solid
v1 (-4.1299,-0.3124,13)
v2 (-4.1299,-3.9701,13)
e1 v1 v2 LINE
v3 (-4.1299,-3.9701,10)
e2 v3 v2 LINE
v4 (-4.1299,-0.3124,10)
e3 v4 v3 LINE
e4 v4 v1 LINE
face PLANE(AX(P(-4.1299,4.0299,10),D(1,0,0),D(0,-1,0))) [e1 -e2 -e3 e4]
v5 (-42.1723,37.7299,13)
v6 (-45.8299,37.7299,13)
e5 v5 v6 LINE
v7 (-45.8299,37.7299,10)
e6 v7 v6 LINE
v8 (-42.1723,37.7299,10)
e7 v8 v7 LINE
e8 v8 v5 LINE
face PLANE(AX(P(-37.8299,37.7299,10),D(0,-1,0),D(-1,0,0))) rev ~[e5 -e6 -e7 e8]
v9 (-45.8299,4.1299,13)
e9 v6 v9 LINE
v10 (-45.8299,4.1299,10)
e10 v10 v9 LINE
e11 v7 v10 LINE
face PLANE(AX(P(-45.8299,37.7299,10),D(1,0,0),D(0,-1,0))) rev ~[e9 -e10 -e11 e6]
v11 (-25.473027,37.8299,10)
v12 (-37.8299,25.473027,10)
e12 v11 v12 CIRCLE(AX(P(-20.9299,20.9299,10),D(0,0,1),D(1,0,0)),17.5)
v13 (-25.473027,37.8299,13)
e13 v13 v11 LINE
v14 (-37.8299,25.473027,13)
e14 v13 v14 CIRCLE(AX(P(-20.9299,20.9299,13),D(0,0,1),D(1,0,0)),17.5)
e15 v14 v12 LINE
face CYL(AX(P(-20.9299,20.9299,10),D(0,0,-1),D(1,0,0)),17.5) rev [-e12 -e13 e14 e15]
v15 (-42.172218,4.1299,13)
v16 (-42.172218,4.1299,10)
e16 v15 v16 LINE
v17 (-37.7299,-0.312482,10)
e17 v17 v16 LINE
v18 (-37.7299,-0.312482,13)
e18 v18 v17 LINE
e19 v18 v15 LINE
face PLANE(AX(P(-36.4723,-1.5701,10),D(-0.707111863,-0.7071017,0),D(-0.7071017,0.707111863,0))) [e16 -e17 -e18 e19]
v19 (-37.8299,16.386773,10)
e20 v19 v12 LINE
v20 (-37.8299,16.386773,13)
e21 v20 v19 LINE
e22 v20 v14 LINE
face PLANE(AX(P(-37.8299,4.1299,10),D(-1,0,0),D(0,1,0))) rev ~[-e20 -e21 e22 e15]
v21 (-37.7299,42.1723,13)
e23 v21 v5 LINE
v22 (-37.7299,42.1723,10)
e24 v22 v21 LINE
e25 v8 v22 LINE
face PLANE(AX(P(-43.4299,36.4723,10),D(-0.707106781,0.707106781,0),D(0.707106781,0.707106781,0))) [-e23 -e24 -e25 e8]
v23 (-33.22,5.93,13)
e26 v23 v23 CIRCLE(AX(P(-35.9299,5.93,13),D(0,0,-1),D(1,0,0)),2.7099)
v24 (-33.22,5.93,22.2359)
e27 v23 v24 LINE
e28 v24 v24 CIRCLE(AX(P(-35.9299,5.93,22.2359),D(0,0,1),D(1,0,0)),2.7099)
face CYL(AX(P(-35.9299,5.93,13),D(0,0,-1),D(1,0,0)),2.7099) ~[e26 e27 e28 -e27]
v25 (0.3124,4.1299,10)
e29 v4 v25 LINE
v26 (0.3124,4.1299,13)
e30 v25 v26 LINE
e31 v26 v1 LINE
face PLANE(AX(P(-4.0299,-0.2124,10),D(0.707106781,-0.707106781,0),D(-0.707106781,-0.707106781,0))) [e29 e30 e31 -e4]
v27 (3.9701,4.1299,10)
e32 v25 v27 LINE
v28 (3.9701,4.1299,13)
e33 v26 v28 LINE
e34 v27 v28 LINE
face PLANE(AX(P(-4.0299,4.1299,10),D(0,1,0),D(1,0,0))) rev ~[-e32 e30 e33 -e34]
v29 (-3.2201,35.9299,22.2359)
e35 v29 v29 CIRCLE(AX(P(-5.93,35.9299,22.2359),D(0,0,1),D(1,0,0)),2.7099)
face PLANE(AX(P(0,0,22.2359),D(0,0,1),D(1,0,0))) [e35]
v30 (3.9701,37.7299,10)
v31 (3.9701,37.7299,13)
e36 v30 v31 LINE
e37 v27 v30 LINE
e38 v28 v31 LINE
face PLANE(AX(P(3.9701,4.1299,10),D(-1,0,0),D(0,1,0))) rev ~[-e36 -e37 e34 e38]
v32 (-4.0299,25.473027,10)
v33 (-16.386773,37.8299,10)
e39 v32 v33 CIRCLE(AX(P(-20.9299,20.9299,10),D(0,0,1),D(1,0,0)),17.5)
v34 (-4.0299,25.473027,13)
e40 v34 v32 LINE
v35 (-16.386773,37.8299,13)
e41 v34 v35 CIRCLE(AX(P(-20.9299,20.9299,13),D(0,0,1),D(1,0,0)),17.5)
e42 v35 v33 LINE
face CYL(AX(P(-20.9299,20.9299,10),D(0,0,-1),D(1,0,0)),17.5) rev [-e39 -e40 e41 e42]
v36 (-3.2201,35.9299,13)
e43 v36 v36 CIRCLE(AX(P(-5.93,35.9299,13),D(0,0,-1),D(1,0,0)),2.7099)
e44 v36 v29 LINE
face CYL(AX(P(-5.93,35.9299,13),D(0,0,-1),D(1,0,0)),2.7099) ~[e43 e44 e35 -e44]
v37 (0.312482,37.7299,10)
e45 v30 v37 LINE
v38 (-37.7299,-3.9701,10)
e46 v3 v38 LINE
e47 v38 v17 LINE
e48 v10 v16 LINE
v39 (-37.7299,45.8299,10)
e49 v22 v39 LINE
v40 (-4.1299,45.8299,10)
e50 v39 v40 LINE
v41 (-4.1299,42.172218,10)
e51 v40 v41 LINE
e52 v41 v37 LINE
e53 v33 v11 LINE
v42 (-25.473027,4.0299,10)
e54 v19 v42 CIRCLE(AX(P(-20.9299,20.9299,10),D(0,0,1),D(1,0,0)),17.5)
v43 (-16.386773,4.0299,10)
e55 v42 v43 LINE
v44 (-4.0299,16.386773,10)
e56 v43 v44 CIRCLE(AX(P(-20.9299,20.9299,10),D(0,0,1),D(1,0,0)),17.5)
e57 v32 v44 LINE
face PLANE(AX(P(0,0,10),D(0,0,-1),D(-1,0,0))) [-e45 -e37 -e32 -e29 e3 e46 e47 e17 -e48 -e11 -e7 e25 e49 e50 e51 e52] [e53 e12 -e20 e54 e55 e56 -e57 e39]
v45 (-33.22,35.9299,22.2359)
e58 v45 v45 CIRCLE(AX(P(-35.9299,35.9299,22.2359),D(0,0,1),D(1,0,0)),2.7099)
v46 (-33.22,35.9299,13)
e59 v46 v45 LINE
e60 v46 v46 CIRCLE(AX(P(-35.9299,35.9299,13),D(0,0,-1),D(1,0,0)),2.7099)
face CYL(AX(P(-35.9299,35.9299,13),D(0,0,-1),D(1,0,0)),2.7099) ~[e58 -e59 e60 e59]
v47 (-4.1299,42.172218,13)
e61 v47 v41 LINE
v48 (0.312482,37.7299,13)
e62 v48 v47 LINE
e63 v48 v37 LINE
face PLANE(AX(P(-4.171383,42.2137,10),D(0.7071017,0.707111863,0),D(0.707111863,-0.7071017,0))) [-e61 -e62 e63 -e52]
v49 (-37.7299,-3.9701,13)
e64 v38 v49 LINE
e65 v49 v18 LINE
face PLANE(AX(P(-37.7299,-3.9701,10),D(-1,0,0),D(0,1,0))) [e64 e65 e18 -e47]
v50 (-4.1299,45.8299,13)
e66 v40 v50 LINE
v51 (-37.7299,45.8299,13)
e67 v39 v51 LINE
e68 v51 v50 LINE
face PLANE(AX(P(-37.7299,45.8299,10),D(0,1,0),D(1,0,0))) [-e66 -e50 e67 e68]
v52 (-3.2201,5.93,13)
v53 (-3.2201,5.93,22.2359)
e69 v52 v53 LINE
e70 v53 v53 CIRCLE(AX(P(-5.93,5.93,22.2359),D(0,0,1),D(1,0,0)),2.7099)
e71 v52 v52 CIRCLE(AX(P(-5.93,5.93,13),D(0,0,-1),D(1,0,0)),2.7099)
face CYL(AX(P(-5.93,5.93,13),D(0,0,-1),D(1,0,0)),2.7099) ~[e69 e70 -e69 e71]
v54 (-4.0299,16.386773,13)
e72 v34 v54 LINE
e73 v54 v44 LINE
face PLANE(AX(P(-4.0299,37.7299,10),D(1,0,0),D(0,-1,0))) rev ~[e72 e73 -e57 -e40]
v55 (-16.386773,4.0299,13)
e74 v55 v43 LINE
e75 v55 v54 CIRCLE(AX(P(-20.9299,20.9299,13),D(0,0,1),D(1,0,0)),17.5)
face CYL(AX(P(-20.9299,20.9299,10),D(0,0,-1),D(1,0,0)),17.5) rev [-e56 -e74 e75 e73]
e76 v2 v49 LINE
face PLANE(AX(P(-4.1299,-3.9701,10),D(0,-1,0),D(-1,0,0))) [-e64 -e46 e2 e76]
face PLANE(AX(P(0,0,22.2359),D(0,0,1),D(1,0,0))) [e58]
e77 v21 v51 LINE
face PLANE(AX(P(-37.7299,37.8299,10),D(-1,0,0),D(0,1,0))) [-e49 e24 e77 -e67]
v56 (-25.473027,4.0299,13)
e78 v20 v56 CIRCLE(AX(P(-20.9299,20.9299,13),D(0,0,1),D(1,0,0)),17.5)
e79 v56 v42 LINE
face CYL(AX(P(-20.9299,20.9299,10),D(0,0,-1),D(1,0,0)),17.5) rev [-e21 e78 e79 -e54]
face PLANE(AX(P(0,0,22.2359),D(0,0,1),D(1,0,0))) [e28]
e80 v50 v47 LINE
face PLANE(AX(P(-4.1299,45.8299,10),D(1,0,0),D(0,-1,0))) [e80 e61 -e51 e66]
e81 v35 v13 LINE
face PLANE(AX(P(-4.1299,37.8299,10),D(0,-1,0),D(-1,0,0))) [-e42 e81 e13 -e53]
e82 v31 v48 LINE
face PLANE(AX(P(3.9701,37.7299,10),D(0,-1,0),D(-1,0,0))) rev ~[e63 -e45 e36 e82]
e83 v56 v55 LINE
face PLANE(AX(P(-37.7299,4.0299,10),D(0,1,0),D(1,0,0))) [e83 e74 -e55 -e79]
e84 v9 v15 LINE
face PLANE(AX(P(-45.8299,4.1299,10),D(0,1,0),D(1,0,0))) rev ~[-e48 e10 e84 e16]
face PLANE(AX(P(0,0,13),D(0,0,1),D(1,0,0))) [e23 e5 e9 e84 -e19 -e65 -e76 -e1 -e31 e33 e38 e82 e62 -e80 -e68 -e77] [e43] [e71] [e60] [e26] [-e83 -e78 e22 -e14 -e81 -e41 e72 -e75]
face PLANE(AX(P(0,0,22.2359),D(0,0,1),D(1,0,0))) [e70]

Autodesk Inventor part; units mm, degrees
ref_plane "YZ Plane" through (0, 0, 0) normal (1, 0, 0) x (0, 1, 0)
ref_plane "XZ Plane" through (0, 0, 0) normal (0, 1, 0) x (-1, 0, 0)
ref_plane "Work Plane1" through (0, 0, 10) normal (0, 0, 1) x (1, 0, 0)
sketch "Sketch1" plane through (0, 0, 10) normal (0, 0, 1) x (1, 0, 0)
  line L0 (-4.0299, -0.3538) -> (-2.2322, 1.4439) construction
  arc A0 (-1.4439, 2.2322) -> (-2.2322, 1.4439) centre (-0.9299, 0.9299) ccw construction
  line L1 (-1.4439, 2.2322) -> (0.3538, 4.0299) construction
  line L2 (-37.8299, 42.8299) -> (-37.8299, 37.8299) construction
  line L3 (-37.8299, 37.8299) -> (-42.9208, 37.8299) construction
  line L4 (-37.8299, 42.2137) -> (-37.8299, 45.8299) construction
  line L5 (-37.8299, 45.8299) -> (-4.0299, 45.8299) construction
  line L6 (-4.0299, 45.8299) -> (-4.0299, 42.2137) construction
  line L7 (-4.0299, 4.0299) -> (0.3538, 4.0299) projected
  circle A1 centre (-20.9299, 20.9299) radius 17.5 projected
  line L8 (-20.9299, 58.9723) -> (17.1124, 20.9299) construction
  line L9 (17.1124, 20.9299) -> (-20.9299, -17.1124) construction
  line L10 (-20.9299, -17.1124) -> (-58.9723, 20.9299) construction
  line L11 (-58.9723, 20.9299) -> (-20.9299, 58.9723) construction
  line L12 (-20.9299, 58.9723) -> (-20.9299, -17.1124) construction
  line L13 (17.1124, 20.9299) -> (-58.9723, 20.9299) construction
  line L14 (-20.9299, 58.9723) -> (32.8701, 58.9723) construction
  line L15 (-43.4299, 43.4299) -> (1.5701, 43.4299) construction
  line L16 (1.5701, 43.4299) -> (1.5701, -1.5701) construction
  line L17 (1.5701, -1.5701) -> (-43.4299, -1.5701) construction
  line L18 (-43.4299, -1.5701) -> (-43.4299, 43.4299) construction
  line L19 (-43.4299, 43.4299) -> (1.5701, -1.5701) construction
  line L20 (1.5701, 43.4299) -> (-43.4299, -1.5701) construction
  line L21 (-43.4299, 5.3876) -> (-43.4299, 36.4723)
  line L22 (-43.4299, 36.4723) -> (-36.4723, 43.4299)
  line L23 (-36.4723, 43.4299) -> (-5.3876, 43.4299)
  line L24 (-5.3876, 43.4299) -> (1.5701, 36.4723)
  line L25 (1.5701, 36.4723) -> (1.5701, 5.3876)
  line L26 (1.5701, 5.3876) -> (-5.3876, -1.5701)
  line L27 (-5.3876, -1.5701) -> (-36.4723, -1.5701)
  line L28 (-36.4723, -1.5701) -> (-43.4299, 5.3876)
  line L29 (-4.0299, 42.2137) -> (-37.8299, 42.2137) projected
  line L30 (-4.0299, -0.3538) -> (-4.0299, 4.0299) projected
  point P0 (-37.8299, 4.0299)
  point P1 (-20.9299, 20.9299)
  dimension "d18" = 53.8
  dimension "d19" = 45
  dimension "d20" = 53.8
  dimension "d21" = 45
  dimension "d22" = 45
extrude "Extrusion1" add sketch "Sketch1" along normal blind 3
sketch "Sketch2" plane through (0, 0, 13) normal (0, 0, 1) x (1, 0, 0)
  circle A0 centre (-35.9299, 35.9299) radius 3.0099 construction
  circle A1 centre (-5.93, 35.9299) radius 3.0099 construction
  circle A2 centre (-5.93, 5.93) radius 3.0099 construction
  circle A3 centre (-35.9299, 5.93) radius 3.0099 construction
  circle A4 centre (-35.9299, 35.9299) radius 2.7099
  circle A5 centre (-5.93, 35.9299) radius 2.7099
  circle A6 centre (-5.93, 5.93) radius 2.7099
  circle A7 centre (-35.9299, 5.93) radius 2.7099
  point P0 (0, 0)
  dimension "d_1" = 0.3
  dimension "d13" = 0.3
  dimension "d14" = 0.3
  dimension "d15" = 0.3
ref_plane "Work Plane2" through (-40.9959, 0.8639, 22.2359) normal (0, 0, 1) x (1, 0, 0)
extrude "Extrusion2" add sketch "Sketch2" along normal up to surface (9.2359 mm away)
sketch "Sketch3" plane through (0, 0, 10) normal (0, 0, -1) x (-1, 0, 0)
  line L0 (37.8299, -0.4701) -> (37.8299, 4.0299) construction
  line L1 (4.0299, 4.0299) -> (4.0299, -0.4701) construction
  line L2 (37.8299, -0.4701) -> (37.8299, 1.1886) construction
  line L3 (4.0299, -3.9701) -> (4.0299, -0.3538) construction
  line L4 (45.8299, 4.0299) -> (42.2137, 4.0299) construction
  line L5 (-0.3538, 4.0299) -> (-3.9701, 4.0299) construction
  line L6 (-3.9701, 37.8299) -> (-0.3538, 37.8299) construction
  line L7 (4.0299, 42.2137) -> (4.0299, 45.8299) construction
  line L8 (37.8299, 45.8299) -> (37.8299, 42.2137) construction
  line L9 (42.2137, 37.8299) -> (45.8299, 37.8299) construction
  line L10 (37.8299, 37.7299) -> (45.8299, 37.7299)
  line L11 (45.8299, 37.7299) -> (45.8299, 4.1299)
  line L12 (45.8299, 4.1299) -> (37.8299, 4.1299)
  line L13 (37.8299, 4.1299) -> (37.8299, 37.7299)
  line L14 (37.7299, 4.0299) -> (4.1299, 4.0299)
  line L15 (4.1299, 4.0299) -> (4.1299, -3.9701)
  line L16 (4.1299, -3.9701) -> (37.7299, -3.9701)
  line L17 (37.7299, -3.9701) -> (37.7299, 4.0299)
  line L18 (4.0299, 4.1299) -> (-3.9701, 4.1299)
  line L19 (-3.9701, 4.1299) -> (-3.9701, 37.7299)
  line L20 (-3.9701, 37.7299) -> (4.0299, 37.7299)
  line L21 (4.0299, 37.7299) -> (4.0299, 4.1299)
  line L22 (4.1299, 37.8299) -> (37.7299, 37.8299)
  line L23 (37.7299, 37.8299) -> (37.7299, 45.8299)
  line L24 (37.7299, 45.8299) -> (4.1299, 45.8299)
  line L25 (4.1299, 45.8299) -> (4.1299, 37.8299)
  point P0 (0, 0)
  dimension "d23" = 0.1
  dimension "d24" = 0.1
  dimension "d25" = 0.1
  dimension "d26" = 0.1
  dimension "d27" = 0.1
extrude "Extrusion3" add sketch "Sketch3" against normal up to surface (3 mm away)
equation "\"d13\" = d_1"
equation "\"d14\" = d_1"
equation "\"d15\" = d_1"
properties part number "50_Cube_Insert_Thorlabs"
